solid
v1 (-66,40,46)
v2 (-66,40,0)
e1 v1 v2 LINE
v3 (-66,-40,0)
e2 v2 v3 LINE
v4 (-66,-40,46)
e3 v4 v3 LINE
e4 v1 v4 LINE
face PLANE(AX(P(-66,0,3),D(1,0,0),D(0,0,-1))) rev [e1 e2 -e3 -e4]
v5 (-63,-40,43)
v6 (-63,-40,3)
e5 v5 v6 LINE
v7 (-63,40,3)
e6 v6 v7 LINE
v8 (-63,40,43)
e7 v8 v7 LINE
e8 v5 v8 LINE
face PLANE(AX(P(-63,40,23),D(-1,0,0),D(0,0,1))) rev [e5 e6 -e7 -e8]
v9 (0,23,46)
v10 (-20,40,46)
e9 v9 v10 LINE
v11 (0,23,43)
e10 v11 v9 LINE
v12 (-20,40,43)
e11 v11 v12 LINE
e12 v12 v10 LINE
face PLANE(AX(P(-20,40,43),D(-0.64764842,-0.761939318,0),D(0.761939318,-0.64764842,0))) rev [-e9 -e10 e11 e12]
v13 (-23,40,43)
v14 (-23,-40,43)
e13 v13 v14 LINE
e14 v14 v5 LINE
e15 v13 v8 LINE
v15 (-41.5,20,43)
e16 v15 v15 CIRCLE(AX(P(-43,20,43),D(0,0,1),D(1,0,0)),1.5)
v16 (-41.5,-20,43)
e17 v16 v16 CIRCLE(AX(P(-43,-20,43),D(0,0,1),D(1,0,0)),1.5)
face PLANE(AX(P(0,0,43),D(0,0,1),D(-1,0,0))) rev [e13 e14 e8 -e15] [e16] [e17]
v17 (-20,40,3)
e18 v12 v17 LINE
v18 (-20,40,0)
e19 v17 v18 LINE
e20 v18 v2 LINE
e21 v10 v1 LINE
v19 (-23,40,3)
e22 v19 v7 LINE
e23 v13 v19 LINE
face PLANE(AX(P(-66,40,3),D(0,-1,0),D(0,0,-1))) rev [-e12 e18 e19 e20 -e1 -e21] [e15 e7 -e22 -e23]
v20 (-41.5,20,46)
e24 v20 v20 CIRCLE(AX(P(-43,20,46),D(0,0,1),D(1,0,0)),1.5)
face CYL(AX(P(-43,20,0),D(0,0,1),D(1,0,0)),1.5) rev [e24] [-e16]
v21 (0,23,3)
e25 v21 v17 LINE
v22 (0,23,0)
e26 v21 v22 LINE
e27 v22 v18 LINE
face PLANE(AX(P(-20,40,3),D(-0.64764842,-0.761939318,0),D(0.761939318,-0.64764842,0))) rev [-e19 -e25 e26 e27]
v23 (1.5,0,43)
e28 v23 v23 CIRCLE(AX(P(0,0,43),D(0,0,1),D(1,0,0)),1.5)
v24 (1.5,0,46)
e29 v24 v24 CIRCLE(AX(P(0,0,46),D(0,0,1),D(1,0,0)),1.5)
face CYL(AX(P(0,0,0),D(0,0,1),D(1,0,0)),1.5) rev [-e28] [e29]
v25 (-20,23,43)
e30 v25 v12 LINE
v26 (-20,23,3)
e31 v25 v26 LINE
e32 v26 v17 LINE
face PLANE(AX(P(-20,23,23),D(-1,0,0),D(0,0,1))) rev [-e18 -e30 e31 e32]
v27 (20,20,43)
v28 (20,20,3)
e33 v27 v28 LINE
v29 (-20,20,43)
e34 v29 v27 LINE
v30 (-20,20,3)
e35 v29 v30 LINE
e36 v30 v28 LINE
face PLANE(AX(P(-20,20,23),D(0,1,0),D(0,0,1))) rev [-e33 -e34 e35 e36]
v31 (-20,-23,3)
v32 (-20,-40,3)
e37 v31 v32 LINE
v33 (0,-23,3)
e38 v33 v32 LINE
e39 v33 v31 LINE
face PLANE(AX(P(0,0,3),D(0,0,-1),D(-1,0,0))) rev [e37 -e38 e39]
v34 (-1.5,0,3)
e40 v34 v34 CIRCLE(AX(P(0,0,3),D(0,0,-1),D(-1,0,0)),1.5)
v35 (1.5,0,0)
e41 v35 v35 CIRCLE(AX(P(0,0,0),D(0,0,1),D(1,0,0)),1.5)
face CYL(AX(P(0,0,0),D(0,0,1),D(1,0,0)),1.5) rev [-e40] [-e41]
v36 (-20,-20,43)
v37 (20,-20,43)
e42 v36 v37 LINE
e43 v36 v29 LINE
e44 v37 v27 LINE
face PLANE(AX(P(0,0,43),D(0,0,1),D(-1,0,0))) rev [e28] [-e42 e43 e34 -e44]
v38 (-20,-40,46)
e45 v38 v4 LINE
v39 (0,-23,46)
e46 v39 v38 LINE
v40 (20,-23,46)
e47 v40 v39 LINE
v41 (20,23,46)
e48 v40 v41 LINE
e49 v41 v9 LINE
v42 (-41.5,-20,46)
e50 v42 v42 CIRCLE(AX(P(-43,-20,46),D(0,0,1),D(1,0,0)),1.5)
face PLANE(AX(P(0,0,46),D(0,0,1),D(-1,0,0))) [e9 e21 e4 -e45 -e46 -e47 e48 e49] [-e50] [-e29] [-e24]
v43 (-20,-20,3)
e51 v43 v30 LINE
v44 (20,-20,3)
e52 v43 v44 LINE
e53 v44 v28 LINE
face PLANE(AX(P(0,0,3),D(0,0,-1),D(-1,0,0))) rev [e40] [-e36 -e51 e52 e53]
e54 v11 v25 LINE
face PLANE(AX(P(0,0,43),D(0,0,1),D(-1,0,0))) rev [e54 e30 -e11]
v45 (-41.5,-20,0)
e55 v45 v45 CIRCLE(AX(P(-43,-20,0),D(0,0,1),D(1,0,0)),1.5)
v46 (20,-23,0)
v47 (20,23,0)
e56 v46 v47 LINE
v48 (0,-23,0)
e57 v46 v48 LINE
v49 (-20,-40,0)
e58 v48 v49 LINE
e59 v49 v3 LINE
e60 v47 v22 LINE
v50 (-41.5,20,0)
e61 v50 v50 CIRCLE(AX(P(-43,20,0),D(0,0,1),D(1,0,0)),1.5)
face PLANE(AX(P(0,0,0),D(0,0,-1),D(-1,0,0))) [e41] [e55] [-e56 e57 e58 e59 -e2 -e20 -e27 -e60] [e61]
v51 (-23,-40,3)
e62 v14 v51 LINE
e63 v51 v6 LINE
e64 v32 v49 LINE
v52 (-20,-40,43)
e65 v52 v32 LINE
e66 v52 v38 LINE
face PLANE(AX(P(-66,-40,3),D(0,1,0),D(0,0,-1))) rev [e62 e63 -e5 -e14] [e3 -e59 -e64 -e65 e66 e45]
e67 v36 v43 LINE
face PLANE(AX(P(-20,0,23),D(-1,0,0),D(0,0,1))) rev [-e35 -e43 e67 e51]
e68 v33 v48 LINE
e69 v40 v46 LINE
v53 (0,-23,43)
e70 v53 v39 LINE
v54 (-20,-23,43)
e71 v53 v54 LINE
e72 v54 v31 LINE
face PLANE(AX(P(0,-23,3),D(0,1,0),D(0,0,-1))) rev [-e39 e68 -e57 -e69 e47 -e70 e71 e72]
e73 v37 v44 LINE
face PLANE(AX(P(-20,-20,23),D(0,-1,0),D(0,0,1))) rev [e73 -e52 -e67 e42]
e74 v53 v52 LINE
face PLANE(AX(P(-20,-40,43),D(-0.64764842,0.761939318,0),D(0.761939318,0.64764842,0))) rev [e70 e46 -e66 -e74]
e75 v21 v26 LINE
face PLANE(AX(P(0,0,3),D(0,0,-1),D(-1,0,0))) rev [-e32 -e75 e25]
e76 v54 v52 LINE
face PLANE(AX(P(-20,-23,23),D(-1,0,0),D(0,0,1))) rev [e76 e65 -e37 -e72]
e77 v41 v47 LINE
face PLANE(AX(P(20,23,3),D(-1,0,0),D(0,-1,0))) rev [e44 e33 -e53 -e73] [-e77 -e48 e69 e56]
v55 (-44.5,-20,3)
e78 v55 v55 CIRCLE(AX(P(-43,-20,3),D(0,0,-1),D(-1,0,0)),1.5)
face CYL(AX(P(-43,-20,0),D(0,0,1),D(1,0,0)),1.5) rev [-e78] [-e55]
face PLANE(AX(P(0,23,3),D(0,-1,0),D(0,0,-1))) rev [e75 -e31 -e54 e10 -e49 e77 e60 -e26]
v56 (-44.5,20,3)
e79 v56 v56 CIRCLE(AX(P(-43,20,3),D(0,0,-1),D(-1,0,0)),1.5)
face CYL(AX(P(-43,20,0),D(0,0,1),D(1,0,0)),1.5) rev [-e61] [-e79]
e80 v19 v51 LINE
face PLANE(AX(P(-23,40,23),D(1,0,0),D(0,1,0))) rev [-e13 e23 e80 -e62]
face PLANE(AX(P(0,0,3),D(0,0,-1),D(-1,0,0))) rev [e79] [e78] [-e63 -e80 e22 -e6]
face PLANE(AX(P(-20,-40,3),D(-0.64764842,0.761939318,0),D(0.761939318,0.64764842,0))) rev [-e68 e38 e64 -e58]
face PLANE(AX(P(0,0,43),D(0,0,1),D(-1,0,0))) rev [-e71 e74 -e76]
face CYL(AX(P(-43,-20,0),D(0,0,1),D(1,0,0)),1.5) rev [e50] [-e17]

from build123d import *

# Parameters (mm, degrees)
BOSS_EXTRU_1_DEPTH           = 3
ESQUISSE2_W                  = 3
ESQUISSE2_H                  = 40
BOSS_EXTRU_2_DEPTH           = 20
ENL_V_MAT_EXTRU_1_DEPTH      = 90.844309781
ENL_V_MAT_EXTRU_1_DEPTH_BACK = 90.844309781
ESQUISSE3_R                  = 1.5


with BuildPart() as part:
    # Esquisse1 → Boss.-Extru.1 (new body)
    with BuildSketch(Plane.XY):
        Polygon((-66, 40), (-20, 40), (0, 23), (20, 23), (20, 0), (0, 0), (-66, 0), align=None)
    extrude(amount=BOSS_EXTRU_1_DEPTH)

    # Esquisse2 → Boss.-Extru.2 (add)
    with BuildSketch(Plane.XY.offset(3)):
        Polygon((20, 23), (-20, 23), (-20, 40), (-23, 40), (-23, 0), (-20, 0), (-20, 20), (20, 20), align=None)
        with Locations((-64.5, 20)):
            Rectangle(ESQUISSE2_W, ESQUISSE2_H)
    extrude(amount=BOSS_EXTRU_2_DEPTH)

    # Symétrie1: part across plane


with BuildPart() as part_1:
    add(part.part)
    add(part.part.mirror(Plane(origin=(20, 0, 3), x_dir=(0, 0, 1), z_dir=(0, 1, 0))))

    # Symétrie2: part across plane


with BuildPart() as part_2:
    add(part_1.part)
    add(part_1.part.mirror(Plane.XY.offset(23)))

    # Esquisse3 → Enlèv. mat.-Extru.1 (cut, two sides: drawn at the far end of the back side and taken through both)
    with BuildSketch(Plane.XY.offset(46).offset(-ENL_V_MAT_EXTRU_1_DEPTH_BACK)):
        with Locations((-43, 20)):
            Circle(ESQUISSE3_R)
        with Locations((-43, -20)):
            Circle(ESQUISSE3_R)
        Circle(ESQUISSE3_R)
    extrude(amount=ENL_V_MAT_EXTRU_1_DEPTH + ENL_V_MAT_EXTRU_1_DEPTH_BACK, mode=Mode.SUBTRACT)


solid = part_2.part
